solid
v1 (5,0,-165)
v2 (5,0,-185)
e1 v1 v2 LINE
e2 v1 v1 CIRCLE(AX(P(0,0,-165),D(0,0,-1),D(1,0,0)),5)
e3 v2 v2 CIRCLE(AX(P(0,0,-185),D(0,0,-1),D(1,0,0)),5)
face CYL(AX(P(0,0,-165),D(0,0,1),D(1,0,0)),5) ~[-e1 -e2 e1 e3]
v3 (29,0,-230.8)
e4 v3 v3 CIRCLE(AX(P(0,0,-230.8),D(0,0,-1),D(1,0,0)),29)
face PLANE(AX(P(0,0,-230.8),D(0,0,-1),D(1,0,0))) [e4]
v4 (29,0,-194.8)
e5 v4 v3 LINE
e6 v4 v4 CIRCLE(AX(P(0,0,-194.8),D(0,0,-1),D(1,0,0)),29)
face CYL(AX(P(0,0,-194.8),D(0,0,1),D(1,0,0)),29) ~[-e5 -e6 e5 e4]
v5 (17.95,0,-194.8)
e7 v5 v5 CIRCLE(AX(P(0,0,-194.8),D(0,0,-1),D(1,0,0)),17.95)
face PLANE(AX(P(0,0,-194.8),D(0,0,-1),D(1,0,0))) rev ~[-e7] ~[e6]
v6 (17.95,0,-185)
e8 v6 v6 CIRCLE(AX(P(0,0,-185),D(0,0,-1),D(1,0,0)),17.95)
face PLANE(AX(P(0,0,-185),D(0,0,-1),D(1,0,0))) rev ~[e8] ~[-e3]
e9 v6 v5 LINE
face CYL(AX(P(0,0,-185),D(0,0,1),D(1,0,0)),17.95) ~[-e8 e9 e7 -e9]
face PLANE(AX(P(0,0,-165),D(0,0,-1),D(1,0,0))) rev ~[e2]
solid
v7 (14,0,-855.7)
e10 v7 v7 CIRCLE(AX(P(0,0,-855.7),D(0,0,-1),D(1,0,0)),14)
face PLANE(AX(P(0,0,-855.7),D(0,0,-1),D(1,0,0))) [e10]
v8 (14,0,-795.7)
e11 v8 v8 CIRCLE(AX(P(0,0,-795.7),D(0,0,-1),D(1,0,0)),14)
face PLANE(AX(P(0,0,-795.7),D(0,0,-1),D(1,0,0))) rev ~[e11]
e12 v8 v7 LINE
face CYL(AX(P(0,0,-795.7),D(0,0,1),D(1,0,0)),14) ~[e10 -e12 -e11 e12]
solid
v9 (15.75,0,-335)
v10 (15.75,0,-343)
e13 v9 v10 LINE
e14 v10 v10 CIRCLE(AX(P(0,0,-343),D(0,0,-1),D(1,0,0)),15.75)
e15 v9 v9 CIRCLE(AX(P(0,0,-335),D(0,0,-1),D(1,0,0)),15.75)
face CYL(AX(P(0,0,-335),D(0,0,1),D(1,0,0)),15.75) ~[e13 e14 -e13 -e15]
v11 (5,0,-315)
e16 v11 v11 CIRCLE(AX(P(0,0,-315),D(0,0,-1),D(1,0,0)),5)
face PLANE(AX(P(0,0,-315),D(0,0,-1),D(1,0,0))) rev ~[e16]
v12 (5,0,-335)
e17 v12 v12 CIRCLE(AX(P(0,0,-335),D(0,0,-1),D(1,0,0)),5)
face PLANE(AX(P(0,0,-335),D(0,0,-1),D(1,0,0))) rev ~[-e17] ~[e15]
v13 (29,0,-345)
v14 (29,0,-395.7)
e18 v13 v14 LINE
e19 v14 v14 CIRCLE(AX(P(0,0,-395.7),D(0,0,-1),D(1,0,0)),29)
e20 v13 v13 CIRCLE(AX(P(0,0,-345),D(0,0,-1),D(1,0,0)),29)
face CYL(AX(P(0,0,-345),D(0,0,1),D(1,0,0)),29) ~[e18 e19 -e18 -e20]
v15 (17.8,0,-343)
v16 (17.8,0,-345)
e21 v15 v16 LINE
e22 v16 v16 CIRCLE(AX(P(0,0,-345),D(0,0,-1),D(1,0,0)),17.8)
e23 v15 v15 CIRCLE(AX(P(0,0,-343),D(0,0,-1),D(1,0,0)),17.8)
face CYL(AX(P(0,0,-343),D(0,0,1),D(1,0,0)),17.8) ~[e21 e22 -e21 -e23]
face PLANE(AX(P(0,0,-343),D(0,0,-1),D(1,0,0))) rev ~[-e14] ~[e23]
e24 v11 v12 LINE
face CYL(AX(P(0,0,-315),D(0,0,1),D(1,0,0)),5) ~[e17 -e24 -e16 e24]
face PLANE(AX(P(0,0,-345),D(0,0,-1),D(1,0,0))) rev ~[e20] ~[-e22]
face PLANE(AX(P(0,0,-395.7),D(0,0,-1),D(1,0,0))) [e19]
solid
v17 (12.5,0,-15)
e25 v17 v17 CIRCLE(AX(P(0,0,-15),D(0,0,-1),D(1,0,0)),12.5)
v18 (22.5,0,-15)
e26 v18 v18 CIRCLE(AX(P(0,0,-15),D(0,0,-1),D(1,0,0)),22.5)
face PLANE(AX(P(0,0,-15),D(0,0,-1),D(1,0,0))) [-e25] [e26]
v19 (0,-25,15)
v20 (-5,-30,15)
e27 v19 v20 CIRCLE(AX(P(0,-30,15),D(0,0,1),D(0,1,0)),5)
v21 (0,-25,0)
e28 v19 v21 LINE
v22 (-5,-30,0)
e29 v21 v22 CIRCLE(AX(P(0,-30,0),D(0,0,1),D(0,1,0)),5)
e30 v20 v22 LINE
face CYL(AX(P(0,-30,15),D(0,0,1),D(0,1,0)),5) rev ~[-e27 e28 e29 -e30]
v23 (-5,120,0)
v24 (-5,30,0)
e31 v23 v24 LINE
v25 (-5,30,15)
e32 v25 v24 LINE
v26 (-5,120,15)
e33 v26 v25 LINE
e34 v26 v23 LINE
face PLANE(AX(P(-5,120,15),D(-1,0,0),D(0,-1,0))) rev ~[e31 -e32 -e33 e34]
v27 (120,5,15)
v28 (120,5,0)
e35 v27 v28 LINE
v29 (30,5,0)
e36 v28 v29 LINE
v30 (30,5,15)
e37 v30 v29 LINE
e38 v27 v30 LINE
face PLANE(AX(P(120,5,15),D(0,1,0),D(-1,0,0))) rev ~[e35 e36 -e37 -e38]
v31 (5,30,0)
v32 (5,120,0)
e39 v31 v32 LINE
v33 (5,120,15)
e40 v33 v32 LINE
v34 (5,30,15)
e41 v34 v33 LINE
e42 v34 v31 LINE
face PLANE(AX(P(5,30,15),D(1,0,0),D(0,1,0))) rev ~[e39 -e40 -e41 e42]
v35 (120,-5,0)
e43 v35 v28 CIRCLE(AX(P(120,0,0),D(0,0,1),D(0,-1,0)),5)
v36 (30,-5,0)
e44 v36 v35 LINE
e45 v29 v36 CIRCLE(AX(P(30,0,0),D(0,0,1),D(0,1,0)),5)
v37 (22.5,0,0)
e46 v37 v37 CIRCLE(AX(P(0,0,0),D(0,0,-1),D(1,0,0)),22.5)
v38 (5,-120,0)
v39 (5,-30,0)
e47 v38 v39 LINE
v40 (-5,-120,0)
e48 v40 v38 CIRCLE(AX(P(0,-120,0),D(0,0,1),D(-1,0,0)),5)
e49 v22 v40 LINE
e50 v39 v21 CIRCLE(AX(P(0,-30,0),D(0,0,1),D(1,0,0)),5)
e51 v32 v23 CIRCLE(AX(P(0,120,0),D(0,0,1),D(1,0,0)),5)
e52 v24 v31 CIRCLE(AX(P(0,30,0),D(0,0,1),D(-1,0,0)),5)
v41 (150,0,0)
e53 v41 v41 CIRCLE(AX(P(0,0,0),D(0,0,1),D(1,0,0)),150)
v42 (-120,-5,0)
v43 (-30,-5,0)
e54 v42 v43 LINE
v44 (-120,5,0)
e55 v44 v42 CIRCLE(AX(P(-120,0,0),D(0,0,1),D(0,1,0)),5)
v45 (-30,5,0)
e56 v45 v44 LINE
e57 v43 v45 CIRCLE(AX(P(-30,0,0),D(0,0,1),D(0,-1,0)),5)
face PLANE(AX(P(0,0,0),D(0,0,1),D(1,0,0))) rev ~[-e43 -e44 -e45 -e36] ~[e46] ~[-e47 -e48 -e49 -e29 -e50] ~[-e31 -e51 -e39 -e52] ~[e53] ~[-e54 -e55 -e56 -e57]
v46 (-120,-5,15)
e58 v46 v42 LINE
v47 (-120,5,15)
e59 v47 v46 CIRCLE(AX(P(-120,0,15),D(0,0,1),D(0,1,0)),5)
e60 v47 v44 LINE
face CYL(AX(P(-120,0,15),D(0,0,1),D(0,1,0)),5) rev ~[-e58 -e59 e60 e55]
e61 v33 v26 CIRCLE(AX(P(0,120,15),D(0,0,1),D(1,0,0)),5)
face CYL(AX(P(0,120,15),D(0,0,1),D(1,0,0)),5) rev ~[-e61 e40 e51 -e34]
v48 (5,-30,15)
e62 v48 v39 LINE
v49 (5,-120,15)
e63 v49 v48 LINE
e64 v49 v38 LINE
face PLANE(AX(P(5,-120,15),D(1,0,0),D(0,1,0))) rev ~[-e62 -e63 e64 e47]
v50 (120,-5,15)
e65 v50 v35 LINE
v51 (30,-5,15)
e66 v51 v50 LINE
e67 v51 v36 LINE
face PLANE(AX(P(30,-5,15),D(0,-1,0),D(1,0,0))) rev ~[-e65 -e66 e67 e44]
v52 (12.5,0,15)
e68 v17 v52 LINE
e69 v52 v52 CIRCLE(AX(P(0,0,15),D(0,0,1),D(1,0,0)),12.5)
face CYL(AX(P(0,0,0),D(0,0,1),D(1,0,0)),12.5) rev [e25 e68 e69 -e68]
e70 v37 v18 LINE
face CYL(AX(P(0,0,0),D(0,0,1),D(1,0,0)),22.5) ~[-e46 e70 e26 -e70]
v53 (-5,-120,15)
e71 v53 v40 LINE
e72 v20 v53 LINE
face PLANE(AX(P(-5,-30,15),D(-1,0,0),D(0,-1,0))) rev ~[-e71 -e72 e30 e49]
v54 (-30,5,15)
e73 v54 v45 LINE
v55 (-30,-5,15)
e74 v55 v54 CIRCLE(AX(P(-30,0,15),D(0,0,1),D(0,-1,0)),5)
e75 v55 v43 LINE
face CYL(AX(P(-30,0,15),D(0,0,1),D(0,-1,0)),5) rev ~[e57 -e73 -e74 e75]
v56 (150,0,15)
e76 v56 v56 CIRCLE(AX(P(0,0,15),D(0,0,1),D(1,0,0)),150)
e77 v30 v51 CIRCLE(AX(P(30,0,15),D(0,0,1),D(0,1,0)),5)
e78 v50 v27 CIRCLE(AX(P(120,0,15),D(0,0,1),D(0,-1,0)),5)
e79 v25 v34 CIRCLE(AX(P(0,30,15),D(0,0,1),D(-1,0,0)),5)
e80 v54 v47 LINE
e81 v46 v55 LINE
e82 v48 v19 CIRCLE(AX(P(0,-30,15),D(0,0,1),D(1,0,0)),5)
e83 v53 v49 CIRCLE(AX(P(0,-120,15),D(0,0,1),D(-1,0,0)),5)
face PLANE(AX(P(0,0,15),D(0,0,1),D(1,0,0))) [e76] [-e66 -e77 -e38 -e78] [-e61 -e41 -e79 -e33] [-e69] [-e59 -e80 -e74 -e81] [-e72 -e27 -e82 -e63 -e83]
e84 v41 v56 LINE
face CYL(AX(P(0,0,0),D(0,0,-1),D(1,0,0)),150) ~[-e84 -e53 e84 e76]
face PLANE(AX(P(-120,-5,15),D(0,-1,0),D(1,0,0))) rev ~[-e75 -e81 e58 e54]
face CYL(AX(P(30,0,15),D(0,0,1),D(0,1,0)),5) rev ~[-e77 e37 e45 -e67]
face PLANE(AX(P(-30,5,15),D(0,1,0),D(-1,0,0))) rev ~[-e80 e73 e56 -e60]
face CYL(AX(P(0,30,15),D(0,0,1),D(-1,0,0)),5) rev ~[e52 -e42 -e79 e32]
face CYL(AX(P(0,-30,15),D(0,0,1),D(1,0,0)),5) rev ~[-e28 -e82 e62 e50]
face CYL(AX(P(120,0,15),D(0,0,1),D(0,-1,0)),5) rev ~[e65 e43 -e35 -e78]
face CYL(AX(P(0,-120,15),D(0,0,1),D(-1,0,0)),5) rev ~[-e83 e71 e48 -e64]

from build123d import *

# Parameters (mm, degrees)
F0_R      = 150
F0_R_2    = 12.5
F1_DEPTH  = 15
F2_R      = 22.5
F2_R_2    = 12.5
F3_DEPTH  = 15
F5_DEPTH  = 25
F7_R      = 5
F8_DEPTH  = 20
F9_R      = 17.95
F10_DEPTH = 9.8
F11_R     = 29
F12_DEPTH = 36
F14_R     = 5
F15_DEPTH = 20
F16_R     = 15.75
F17_DEPTH = 8
F18_R     = 17.8
F19_DEPTH = 2
F20_R     = 29
F21_DEPTH = 50.7
F23_R     = 14
F24_DEPTH = 60


with BuildPart() as f1:
    # F0 (on Top) → F1 (new body)
    with BuildSketch(Plane.XY):
        Circle(F0_R)
        Circle(F0_R_2, mode=Mode.SUBTRACT)
    extrude(amount=F1_DEPTH)

    # F2 (on face) → F3 (join)
    with BuildSketch(Plane(origin=(0, 0, 0), x_dir=(1, 0, 0), z_dir=(0, 0, -1))):
        Circle(F2_R)
        Circle(F2_R_2, mode=Mode.SUBTRACT)
    extrude(amount=F3_DEPTH)

    # F4 (on face) → F5 (cut)
    with BuildSketch(Plane.XY.offset(15)):
        with BuildLine():
            ThreePointArc((0, -25), (-3.5355339059, -26.4644660941), (-5, -30))
            Line((-5, -30), (-5, -120))
            ThreePointArc((-5, -120), (0, -125), (5, -120))
            Line((5, -120), (5, -30))
            ThreePointArc((5, -30), (3.5355339059, -26.4644660941), (0, -25))
        make_face()
        with BuildLine():
            Line((120, 5), (30, 5))
            ThreePointArc((30, 5), (25, 0), (30, -5))
            Line((30, -5), (120, -5))
            ThreePointArc((120, -5), (125, 0), (120, 5))
        make_face()
        with BuildLine():
            Line((-5, 120), (-5, 30))
            ThreePointArc((-5, 30), (0, 25), (5, 30))
            Line((5, 30), (5, 120))
            ThreePointArc((5, 120), (0, 125), (-5, 120))
        make_face()
        with BuildLine():
            Line((-120, -5), (-30, -5))
            ThreePointArc((-30, -5), (-25, 0), (-30, 5))
            Line((-30, 5), (-120, 5))
            ThreePointArc((-120, 5), (-125, 0), (-120, -5))
        make_face()
    extrude(amount=-F5_DEPTH, mode=Mode.SUBTRACT)


with BuildPart() as f8:
    # F7 (on offset) → F8 (new body)
    with BuildSketch(Plane(origin=(0, 0, -165), x_dir=(1, 0, 0), z_dir=(0, 0, -1))):
        Circle(F7_R)
    extrude(amount=F8_DEPTH)

    # F9 (on face) → F10 (join)
    with BuildSketch(Plane(origin=(0, 0, -185), x_dir=(1, 0, 0), z_dir=(0, 0, -1))):
        Circle(F9_R)
    extrude(amount=F10_DEPTH)

    # F11 (on face) → F12 (join)
    with BuildSketch(Plane(origin=(0, 0, -194.8), x_dir=(1, 0, 0), z_dir=(0, 0, -1))):
        Circle(F11_R)
    extrude(amount=F12_DEPTH)


with BuildPart() as f15:
    # F14 (on offset) → F15 (new body)
    with BuildSketch(Plane(origin=(0, 0, -315), x_dir=(1, 0, 0), z_dir=(0, 0, -1))):
        Circle(F14_R)
    extrude(amount=F15_DEPTH)

    # F16 (on face) → F17 (join)
    with BuildSketch(Plane(origin=(0, 0, -335), x_dir=(1, 0, 0), z_dir=(0, 0, -1))):
        Circle(F16_R)
    extrude(amount=F17_DEPTH)

    # F18 (on face) → F19 (join)
    with BuildSketch(Plane(origin=(0, 0, -343), x_dir=(1, 0, 0), z_dir=(0, 0, -1))):
        Circle(F18_R)
    extrude(amount=F19_DEPTH)

    # F20 (on face) → F21 (join)
    with BuildSketch(Plane(origin=(0, 0, -345), x_dir=(1, 0, 0), z_dir=(0, 0, -1))):
        Circle(F20_R)
    extrude(amount=F21_DEPTH)


with BuildPart() as f24:
    # F23 (on offset) → F24 (new body)
    with BuildSketch(Plane(origin=(0, 0, -795.7), x_dir=(1, 0, 0), z_dir=(0, 0, -1))):
        Circle(F23_R)
    extrude(amount=F24_DEPTH)


solid = Compound([f1.part, f8.part, f15.part, f24.part])
